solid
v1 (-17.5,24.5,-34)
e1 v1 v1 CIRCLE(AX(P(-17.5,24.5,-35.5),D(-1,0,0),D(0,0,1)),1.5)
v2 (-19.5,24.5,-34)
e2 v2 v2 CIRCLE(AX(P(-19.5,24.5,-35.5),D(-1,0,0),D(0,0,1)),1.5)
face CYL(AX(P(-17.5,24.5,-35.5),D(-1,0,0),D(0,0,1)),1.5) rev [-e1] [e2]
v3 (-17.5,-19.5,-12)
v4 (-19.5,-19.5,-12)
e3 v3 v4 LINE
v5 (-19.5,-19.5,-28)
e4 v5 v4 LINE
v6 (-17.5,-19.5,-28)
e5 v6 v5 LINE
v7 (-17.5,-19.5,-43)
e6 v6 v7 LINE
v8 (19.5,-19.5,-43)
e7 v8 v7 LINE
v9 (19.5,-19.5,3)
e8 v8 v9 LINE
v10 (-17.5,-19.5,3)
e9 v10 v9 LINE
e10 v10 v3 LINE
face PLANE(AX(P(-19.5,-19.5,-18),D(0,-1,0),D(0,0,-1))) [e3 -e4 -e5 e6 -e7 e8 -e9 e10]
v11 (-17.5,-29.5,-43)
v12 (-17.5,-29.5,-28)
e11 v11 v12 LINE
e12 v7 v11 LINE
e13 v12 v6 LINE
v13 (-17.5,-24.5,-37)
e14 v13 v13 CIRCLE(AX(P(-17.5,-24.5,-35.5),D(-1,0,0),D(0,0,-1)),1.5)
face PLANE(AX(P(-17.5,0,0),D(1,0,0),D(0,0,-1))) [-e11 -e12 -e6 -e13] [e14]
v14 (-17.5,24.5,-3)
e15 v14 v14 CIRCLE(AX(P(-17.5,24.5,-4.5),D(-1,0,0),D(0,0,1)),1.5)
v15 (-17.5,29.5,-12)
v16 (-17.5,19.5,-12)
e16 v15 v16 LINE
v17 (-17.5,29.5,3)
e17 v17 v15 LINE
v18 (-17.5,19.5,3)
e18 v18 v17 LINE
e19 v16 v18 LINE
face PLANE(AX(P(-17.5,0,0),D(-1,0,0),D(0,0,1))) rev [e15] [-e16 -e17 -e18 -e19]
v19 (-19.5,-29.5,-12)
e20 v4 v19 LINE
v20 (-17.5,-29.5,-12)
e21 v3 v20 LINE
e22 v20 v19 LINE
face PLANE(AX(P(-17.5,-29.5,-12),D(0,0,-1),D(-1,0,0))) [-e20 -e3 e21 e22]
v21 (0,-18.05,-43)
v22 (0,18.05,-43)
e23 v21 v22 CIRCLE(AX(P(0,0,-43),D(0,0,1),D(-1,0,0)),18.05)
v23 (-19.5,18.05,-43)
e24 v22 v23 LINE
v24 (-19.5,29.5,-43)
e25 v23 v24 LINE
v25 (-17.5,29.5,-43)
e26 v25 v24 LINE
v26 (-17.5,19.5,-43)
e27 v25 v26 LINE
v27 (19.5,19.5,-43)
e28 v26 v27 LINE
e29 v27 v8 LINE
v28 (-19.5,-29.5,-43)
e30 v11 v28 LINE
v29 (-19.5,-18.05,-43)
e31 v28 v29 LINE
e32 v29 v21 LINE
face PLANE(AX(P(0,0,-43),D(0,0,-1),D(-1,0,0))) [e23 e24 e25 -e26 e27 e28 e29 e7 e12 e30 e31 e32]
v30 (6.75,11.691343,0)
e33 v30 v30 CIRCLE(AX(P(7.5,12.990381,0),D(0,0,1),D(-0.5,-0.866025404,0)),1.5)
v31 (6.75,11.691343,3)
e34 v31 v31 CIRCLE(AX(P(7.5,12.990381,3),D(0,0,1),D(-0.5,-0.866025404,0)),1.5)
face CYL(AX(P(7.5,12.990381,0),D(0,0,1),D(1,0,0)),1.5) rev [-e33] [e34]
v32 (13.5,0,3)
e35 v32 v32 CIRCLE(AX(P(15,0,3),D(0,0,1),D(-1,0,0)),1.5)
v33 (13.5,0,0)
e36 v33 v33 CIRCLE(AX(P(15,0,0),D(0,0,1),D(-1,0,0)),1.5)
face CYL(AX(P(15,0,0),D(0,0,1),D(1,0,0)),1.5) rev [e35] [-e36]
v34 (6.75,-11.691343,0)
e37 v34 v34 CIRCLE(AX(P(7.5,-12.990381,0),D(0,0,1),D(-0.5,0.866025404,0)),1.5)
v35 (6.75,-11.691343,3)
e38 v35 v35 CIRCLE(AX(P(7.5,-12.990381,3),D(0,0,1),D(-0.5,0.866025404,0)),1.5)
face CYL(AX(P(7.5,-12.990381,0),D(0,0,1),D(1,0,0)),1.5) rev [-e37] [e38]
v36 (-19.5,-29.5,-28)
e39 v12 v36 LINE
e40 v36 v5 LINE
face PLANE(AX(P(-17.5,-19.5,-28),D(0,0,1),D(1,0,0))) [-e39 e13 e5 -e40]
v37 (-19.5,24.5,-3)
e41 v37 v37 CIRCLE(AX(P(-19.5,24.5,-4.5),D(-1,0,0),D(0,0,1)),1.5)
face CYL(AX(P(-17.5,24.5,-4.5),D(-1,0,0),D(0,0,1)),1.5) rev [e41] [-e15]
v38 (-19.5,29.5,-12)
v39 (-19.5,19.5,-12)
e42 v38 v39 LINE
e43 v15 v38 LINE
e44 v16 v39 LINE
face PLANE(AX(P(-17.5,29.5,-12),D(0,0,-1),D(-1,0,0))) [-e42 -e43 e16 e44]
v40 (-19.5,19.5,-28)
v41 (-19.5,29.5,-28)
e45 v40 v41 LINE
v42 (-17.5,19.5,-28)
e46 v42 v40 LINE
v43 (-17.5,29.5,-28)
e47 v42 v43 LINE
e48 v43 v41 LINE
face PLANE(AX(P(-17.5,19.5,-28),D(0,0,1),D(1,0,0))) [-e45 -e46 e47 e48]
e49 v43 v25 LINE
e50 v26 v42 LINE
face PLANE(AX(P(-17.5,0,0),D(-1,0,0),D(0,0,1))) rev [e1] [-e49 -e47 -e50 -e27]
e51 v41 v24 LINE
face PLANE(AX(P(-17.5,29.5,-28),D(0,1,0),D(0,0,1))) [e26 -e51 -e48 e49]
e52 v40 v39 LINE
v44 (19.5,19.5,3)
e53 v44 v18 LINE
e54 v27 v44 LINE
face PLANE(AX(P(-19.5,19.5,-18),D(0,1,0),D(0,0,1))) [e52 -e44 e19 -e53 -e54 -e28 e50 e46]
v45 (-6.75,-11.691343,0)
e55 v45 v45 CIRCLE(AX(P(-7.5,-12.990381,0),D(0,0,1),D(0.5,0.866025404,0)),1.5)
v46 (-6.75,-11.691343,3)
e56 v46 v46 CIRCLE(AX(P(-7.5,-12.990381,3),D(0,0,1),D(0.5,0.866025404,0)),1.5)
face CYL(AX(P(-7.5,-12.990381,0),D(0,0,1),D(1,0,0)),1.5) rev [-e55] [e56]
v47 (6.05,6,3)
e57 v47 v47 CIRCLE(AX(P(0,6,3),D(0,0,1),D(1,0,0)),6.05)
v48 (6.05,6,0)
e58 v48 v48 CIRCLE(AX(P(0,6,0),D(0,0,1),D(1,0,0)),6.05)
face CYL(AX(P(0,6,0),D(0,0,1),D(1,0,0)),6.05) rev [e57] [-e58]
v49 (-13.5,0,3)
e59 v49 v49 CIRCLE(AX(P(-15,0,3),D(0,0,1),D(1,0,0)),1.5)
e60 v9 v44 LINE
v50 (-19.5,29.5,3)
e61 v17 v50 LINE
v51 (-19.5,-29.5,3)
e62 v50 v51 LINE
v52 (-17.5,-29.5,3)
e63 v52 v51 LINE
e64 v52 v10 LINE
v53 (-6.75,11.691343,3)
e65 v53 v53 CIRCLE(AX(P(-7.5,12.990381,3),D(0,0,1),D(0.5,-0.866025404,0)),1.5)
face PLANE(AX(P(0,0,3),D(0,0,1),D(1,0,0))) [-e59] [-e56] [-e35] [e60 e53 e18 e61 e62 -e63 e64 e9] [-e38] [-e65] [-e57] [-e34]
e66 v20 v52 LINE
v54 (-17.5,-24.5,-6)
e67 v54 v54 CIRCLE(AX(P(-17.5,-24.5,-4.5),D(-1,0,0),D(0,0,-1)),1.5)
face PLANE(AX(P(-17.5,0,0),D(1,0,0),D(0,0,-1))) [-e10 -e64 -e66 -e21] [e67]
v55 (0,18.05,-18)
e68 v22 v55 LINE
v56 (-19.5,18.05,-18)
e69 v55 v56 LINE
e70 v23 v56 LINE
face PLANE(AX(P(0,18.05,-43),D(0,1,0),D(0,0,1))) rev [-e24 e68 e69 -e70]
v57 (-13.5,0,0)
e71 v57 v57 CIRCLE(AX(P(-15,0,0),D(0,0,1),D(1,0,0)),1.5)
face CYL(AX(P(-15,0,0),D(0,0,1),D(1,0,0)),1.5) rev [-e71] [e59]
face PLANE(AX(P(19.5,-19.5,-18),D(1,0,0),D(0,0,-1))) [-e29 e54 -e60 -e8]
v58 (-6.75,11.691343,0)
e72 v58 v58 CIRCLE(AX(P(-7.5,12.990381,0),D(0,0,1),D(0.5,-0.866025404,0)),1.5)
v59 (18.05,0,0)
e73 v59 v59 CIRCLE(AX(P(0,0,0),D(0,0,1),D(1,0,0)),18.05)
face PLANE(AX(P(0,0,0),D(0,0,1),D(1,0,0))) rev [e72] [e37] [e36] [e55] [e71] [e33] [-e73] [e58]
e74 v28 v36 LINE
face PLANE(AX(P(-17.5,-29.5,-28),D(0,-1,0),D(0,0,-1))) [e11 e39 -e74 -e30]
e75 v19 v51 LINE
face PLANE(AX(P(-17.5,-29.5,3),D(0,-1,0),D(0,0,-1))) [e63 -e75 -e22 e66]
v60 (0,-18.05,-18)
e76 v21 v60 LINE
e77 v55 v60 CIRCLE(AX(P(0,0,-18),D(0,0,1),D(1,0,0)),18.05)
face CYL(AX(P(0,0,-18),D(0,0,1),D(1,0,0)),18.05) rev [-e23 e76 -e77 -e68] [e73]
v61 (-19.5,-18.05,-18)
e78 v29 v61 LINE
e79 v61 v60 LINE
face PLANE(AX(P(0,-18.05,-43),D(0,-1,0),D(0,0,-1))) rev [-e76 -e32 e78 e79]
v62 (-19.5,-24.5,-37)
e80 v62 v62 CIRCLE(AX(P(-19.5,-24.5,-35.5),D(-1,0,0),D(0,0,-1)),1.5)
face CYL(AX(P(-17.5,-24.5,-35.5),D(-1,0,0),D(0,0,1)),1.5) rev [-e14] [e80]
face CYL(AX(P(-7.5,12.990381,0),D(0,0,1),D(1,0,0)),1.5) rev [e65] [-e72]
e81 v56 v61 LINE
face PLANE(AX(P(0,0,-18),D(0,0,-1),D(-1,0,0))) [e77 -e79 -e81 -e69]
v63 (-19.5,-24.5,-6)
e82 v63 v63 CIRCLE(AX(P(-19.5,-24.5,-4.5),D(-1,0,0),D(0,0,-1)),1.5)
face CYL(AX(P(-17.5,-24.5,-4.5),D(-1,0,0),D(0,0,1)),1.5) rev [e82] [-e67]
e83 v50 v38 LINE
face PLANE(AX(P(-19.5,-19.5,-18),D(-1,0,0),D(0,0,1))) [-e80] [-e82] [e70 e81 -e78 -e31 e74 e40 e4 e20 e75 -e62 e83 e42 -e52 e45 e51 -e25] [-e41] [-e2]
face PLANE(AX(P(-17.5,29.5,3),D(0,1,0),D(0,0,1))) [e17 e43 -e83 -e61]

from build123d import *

# Parameters (mm, degrees)
SKETCH1_R           = 18.05
BOSS_EXTRUDE1_DEPTH = 3
SKETCH2_R           = 1.5
CUT_EXTRUDE1_DEPTH  = 3
CIRPATTERN1_COUNT   = 6
SKETCH3_R           = 6.05
CUT_EXTRUDE2_DEPTH  = 3
SKETCH4_W           = 39
SKETCH4_H           = 39
SKETCH4_R           = 18.05
BOSS_EXTRUDE2_DEPTH = 21
BOSS_EXTRUDE3_DEPTH = 25
SKETCH6_W           = 15
SKETCH6_H           = 10
SKETCH6_R           = 1.5
BOSS_EXTRUDE4_DEPTH = 2
SKETCH7_W           = 15
SKETCH7_H           = 10
SKETCH7_R           = 1.5
BOSS_EXTRUDE5_DEPTH = 2


with BuildPart() as part:
    # Sketch1 → Boss-Extrude1 (new body)
    with BuildSketch(Plane.XY):
        Circle(SKETCH1_R)
    extrude(amount=BOSS_EXTRUDE1_DEPTH)

    # Sketch2 → Cut-Extrude1 (cut)
    with BuildSketch(Plane.XY.offset(3)):
        with Locations((-15, 0)):
            Circle(SKETCH2_R)
    cut_extrude1 = extrude(amount=-CUT_EXTRUDE1_DEPTH, mode=Mode.SUBTRACT)

    # CirPattern1: Cut-Extrude1 ×6 about axis
    cirpattern1_axis = Axis((0, 0, 0), (0, 0, 1))
    for i in range(1, CIRPATTERN1_COUNT):
        add(cut_extrude1.rotate(cirpattern1_axis, i * 360 / CIRPATTERN1_COUNT), mode=Mode.SUBTRACT)

    # Sketch3 → Cut-Extrude2 (cut)
    with BuildSketch(Plane.XY.offset(3)):
        with Locations((0, 6)):
            Circle(SKETCH3_R)
    extrude(amount=-CUT_EXTRUDE2_DEPTH, mode=Mode.SUBTRACT)

    # Sketch4 → Boss-Extrude2 (add)
    with BuildSketch(Plane.XY.offset(3)):
        Rectangle(SKETCH4_W, SKETCH4_H)
        Circle(SKETCH4_R, mode=Mode.SUBTRACT)
    extrude(amount=-BOSS_EXTRUDE2_DEPTH)

    # Sketch5 → Boss-Extrude3 (add)
    with BuildSketch(Plane(origin=(0, 0, -18), x_dir=(-1, 0, 0), z_dir=(0, 0, -1))):
        with BuildLine():
            Line((0, 18.05), (19.5, 18.05))
            Line((19.5, 18.05), (19.5, 19.5))
            Line((19.5, 19.5), (-19.5, 19.5))
            Line((-19.5, 19.5), (-19.5, -19.5))
            Line((-19.5, -19.5), (19.5, -19.5))
            Line((19.5, -19.5), (19.5, -18.05))
            Line((19.5, -18.05), (0, -18.05))
            ThreePointArc((0, -18.05), (-18.05, 0), (0, 18.05))
        make_face()
    extrude(amount=BOSS_EXTRUDE3_DEPTH)

    # Sketch6 → Boss-Extrude4 (add)
    with BuildSketch(Plane.ZY.offset(19.5)):
        with Locations((-35.5, 24.5)):
            Rectangle(SKETCH6_W, SKETCH6_H)
        with Locations((-35.5, 24.5)):
            Circle(SKETCH6_R, mode=Mode.SUBTRACT)
        with Locations((-35.5, -24.5)):
            Rectangle(SKETCH6_W, SKETCH6_H)
        with Locations((-35.5, -24.5)):
            Circle(SKETCH6_R, mode=Mode.SUBTRACT)
    extrude(amount=-BOSS_EXTRUDE4_DEPTH)

    # Sketch7 → Boss-Extrude5 (add)
    with BuildSketch(Plane.ZY.offset(19.5)):
        with Locations((-4.5, 24.5)):
            Rectangle(SKETCH7_W, SKETCH7_H)
        with Locations((-4.5, 24.5)):
            Circle(SKETCH7_R, mode=Mode.SUBTRACT)
        with Locations((-4.5, -24.5)):
            Rectangle(SKETCH7_W, SKETCH7_H)
        with Locations((-4.5, -24.5)):
            Circle(SKETCH7_R, mode=Mode.SUBTRACT)
    extrude(amount=-BOSS_EXTRUDE5_DEPTH)


solid = part.part
